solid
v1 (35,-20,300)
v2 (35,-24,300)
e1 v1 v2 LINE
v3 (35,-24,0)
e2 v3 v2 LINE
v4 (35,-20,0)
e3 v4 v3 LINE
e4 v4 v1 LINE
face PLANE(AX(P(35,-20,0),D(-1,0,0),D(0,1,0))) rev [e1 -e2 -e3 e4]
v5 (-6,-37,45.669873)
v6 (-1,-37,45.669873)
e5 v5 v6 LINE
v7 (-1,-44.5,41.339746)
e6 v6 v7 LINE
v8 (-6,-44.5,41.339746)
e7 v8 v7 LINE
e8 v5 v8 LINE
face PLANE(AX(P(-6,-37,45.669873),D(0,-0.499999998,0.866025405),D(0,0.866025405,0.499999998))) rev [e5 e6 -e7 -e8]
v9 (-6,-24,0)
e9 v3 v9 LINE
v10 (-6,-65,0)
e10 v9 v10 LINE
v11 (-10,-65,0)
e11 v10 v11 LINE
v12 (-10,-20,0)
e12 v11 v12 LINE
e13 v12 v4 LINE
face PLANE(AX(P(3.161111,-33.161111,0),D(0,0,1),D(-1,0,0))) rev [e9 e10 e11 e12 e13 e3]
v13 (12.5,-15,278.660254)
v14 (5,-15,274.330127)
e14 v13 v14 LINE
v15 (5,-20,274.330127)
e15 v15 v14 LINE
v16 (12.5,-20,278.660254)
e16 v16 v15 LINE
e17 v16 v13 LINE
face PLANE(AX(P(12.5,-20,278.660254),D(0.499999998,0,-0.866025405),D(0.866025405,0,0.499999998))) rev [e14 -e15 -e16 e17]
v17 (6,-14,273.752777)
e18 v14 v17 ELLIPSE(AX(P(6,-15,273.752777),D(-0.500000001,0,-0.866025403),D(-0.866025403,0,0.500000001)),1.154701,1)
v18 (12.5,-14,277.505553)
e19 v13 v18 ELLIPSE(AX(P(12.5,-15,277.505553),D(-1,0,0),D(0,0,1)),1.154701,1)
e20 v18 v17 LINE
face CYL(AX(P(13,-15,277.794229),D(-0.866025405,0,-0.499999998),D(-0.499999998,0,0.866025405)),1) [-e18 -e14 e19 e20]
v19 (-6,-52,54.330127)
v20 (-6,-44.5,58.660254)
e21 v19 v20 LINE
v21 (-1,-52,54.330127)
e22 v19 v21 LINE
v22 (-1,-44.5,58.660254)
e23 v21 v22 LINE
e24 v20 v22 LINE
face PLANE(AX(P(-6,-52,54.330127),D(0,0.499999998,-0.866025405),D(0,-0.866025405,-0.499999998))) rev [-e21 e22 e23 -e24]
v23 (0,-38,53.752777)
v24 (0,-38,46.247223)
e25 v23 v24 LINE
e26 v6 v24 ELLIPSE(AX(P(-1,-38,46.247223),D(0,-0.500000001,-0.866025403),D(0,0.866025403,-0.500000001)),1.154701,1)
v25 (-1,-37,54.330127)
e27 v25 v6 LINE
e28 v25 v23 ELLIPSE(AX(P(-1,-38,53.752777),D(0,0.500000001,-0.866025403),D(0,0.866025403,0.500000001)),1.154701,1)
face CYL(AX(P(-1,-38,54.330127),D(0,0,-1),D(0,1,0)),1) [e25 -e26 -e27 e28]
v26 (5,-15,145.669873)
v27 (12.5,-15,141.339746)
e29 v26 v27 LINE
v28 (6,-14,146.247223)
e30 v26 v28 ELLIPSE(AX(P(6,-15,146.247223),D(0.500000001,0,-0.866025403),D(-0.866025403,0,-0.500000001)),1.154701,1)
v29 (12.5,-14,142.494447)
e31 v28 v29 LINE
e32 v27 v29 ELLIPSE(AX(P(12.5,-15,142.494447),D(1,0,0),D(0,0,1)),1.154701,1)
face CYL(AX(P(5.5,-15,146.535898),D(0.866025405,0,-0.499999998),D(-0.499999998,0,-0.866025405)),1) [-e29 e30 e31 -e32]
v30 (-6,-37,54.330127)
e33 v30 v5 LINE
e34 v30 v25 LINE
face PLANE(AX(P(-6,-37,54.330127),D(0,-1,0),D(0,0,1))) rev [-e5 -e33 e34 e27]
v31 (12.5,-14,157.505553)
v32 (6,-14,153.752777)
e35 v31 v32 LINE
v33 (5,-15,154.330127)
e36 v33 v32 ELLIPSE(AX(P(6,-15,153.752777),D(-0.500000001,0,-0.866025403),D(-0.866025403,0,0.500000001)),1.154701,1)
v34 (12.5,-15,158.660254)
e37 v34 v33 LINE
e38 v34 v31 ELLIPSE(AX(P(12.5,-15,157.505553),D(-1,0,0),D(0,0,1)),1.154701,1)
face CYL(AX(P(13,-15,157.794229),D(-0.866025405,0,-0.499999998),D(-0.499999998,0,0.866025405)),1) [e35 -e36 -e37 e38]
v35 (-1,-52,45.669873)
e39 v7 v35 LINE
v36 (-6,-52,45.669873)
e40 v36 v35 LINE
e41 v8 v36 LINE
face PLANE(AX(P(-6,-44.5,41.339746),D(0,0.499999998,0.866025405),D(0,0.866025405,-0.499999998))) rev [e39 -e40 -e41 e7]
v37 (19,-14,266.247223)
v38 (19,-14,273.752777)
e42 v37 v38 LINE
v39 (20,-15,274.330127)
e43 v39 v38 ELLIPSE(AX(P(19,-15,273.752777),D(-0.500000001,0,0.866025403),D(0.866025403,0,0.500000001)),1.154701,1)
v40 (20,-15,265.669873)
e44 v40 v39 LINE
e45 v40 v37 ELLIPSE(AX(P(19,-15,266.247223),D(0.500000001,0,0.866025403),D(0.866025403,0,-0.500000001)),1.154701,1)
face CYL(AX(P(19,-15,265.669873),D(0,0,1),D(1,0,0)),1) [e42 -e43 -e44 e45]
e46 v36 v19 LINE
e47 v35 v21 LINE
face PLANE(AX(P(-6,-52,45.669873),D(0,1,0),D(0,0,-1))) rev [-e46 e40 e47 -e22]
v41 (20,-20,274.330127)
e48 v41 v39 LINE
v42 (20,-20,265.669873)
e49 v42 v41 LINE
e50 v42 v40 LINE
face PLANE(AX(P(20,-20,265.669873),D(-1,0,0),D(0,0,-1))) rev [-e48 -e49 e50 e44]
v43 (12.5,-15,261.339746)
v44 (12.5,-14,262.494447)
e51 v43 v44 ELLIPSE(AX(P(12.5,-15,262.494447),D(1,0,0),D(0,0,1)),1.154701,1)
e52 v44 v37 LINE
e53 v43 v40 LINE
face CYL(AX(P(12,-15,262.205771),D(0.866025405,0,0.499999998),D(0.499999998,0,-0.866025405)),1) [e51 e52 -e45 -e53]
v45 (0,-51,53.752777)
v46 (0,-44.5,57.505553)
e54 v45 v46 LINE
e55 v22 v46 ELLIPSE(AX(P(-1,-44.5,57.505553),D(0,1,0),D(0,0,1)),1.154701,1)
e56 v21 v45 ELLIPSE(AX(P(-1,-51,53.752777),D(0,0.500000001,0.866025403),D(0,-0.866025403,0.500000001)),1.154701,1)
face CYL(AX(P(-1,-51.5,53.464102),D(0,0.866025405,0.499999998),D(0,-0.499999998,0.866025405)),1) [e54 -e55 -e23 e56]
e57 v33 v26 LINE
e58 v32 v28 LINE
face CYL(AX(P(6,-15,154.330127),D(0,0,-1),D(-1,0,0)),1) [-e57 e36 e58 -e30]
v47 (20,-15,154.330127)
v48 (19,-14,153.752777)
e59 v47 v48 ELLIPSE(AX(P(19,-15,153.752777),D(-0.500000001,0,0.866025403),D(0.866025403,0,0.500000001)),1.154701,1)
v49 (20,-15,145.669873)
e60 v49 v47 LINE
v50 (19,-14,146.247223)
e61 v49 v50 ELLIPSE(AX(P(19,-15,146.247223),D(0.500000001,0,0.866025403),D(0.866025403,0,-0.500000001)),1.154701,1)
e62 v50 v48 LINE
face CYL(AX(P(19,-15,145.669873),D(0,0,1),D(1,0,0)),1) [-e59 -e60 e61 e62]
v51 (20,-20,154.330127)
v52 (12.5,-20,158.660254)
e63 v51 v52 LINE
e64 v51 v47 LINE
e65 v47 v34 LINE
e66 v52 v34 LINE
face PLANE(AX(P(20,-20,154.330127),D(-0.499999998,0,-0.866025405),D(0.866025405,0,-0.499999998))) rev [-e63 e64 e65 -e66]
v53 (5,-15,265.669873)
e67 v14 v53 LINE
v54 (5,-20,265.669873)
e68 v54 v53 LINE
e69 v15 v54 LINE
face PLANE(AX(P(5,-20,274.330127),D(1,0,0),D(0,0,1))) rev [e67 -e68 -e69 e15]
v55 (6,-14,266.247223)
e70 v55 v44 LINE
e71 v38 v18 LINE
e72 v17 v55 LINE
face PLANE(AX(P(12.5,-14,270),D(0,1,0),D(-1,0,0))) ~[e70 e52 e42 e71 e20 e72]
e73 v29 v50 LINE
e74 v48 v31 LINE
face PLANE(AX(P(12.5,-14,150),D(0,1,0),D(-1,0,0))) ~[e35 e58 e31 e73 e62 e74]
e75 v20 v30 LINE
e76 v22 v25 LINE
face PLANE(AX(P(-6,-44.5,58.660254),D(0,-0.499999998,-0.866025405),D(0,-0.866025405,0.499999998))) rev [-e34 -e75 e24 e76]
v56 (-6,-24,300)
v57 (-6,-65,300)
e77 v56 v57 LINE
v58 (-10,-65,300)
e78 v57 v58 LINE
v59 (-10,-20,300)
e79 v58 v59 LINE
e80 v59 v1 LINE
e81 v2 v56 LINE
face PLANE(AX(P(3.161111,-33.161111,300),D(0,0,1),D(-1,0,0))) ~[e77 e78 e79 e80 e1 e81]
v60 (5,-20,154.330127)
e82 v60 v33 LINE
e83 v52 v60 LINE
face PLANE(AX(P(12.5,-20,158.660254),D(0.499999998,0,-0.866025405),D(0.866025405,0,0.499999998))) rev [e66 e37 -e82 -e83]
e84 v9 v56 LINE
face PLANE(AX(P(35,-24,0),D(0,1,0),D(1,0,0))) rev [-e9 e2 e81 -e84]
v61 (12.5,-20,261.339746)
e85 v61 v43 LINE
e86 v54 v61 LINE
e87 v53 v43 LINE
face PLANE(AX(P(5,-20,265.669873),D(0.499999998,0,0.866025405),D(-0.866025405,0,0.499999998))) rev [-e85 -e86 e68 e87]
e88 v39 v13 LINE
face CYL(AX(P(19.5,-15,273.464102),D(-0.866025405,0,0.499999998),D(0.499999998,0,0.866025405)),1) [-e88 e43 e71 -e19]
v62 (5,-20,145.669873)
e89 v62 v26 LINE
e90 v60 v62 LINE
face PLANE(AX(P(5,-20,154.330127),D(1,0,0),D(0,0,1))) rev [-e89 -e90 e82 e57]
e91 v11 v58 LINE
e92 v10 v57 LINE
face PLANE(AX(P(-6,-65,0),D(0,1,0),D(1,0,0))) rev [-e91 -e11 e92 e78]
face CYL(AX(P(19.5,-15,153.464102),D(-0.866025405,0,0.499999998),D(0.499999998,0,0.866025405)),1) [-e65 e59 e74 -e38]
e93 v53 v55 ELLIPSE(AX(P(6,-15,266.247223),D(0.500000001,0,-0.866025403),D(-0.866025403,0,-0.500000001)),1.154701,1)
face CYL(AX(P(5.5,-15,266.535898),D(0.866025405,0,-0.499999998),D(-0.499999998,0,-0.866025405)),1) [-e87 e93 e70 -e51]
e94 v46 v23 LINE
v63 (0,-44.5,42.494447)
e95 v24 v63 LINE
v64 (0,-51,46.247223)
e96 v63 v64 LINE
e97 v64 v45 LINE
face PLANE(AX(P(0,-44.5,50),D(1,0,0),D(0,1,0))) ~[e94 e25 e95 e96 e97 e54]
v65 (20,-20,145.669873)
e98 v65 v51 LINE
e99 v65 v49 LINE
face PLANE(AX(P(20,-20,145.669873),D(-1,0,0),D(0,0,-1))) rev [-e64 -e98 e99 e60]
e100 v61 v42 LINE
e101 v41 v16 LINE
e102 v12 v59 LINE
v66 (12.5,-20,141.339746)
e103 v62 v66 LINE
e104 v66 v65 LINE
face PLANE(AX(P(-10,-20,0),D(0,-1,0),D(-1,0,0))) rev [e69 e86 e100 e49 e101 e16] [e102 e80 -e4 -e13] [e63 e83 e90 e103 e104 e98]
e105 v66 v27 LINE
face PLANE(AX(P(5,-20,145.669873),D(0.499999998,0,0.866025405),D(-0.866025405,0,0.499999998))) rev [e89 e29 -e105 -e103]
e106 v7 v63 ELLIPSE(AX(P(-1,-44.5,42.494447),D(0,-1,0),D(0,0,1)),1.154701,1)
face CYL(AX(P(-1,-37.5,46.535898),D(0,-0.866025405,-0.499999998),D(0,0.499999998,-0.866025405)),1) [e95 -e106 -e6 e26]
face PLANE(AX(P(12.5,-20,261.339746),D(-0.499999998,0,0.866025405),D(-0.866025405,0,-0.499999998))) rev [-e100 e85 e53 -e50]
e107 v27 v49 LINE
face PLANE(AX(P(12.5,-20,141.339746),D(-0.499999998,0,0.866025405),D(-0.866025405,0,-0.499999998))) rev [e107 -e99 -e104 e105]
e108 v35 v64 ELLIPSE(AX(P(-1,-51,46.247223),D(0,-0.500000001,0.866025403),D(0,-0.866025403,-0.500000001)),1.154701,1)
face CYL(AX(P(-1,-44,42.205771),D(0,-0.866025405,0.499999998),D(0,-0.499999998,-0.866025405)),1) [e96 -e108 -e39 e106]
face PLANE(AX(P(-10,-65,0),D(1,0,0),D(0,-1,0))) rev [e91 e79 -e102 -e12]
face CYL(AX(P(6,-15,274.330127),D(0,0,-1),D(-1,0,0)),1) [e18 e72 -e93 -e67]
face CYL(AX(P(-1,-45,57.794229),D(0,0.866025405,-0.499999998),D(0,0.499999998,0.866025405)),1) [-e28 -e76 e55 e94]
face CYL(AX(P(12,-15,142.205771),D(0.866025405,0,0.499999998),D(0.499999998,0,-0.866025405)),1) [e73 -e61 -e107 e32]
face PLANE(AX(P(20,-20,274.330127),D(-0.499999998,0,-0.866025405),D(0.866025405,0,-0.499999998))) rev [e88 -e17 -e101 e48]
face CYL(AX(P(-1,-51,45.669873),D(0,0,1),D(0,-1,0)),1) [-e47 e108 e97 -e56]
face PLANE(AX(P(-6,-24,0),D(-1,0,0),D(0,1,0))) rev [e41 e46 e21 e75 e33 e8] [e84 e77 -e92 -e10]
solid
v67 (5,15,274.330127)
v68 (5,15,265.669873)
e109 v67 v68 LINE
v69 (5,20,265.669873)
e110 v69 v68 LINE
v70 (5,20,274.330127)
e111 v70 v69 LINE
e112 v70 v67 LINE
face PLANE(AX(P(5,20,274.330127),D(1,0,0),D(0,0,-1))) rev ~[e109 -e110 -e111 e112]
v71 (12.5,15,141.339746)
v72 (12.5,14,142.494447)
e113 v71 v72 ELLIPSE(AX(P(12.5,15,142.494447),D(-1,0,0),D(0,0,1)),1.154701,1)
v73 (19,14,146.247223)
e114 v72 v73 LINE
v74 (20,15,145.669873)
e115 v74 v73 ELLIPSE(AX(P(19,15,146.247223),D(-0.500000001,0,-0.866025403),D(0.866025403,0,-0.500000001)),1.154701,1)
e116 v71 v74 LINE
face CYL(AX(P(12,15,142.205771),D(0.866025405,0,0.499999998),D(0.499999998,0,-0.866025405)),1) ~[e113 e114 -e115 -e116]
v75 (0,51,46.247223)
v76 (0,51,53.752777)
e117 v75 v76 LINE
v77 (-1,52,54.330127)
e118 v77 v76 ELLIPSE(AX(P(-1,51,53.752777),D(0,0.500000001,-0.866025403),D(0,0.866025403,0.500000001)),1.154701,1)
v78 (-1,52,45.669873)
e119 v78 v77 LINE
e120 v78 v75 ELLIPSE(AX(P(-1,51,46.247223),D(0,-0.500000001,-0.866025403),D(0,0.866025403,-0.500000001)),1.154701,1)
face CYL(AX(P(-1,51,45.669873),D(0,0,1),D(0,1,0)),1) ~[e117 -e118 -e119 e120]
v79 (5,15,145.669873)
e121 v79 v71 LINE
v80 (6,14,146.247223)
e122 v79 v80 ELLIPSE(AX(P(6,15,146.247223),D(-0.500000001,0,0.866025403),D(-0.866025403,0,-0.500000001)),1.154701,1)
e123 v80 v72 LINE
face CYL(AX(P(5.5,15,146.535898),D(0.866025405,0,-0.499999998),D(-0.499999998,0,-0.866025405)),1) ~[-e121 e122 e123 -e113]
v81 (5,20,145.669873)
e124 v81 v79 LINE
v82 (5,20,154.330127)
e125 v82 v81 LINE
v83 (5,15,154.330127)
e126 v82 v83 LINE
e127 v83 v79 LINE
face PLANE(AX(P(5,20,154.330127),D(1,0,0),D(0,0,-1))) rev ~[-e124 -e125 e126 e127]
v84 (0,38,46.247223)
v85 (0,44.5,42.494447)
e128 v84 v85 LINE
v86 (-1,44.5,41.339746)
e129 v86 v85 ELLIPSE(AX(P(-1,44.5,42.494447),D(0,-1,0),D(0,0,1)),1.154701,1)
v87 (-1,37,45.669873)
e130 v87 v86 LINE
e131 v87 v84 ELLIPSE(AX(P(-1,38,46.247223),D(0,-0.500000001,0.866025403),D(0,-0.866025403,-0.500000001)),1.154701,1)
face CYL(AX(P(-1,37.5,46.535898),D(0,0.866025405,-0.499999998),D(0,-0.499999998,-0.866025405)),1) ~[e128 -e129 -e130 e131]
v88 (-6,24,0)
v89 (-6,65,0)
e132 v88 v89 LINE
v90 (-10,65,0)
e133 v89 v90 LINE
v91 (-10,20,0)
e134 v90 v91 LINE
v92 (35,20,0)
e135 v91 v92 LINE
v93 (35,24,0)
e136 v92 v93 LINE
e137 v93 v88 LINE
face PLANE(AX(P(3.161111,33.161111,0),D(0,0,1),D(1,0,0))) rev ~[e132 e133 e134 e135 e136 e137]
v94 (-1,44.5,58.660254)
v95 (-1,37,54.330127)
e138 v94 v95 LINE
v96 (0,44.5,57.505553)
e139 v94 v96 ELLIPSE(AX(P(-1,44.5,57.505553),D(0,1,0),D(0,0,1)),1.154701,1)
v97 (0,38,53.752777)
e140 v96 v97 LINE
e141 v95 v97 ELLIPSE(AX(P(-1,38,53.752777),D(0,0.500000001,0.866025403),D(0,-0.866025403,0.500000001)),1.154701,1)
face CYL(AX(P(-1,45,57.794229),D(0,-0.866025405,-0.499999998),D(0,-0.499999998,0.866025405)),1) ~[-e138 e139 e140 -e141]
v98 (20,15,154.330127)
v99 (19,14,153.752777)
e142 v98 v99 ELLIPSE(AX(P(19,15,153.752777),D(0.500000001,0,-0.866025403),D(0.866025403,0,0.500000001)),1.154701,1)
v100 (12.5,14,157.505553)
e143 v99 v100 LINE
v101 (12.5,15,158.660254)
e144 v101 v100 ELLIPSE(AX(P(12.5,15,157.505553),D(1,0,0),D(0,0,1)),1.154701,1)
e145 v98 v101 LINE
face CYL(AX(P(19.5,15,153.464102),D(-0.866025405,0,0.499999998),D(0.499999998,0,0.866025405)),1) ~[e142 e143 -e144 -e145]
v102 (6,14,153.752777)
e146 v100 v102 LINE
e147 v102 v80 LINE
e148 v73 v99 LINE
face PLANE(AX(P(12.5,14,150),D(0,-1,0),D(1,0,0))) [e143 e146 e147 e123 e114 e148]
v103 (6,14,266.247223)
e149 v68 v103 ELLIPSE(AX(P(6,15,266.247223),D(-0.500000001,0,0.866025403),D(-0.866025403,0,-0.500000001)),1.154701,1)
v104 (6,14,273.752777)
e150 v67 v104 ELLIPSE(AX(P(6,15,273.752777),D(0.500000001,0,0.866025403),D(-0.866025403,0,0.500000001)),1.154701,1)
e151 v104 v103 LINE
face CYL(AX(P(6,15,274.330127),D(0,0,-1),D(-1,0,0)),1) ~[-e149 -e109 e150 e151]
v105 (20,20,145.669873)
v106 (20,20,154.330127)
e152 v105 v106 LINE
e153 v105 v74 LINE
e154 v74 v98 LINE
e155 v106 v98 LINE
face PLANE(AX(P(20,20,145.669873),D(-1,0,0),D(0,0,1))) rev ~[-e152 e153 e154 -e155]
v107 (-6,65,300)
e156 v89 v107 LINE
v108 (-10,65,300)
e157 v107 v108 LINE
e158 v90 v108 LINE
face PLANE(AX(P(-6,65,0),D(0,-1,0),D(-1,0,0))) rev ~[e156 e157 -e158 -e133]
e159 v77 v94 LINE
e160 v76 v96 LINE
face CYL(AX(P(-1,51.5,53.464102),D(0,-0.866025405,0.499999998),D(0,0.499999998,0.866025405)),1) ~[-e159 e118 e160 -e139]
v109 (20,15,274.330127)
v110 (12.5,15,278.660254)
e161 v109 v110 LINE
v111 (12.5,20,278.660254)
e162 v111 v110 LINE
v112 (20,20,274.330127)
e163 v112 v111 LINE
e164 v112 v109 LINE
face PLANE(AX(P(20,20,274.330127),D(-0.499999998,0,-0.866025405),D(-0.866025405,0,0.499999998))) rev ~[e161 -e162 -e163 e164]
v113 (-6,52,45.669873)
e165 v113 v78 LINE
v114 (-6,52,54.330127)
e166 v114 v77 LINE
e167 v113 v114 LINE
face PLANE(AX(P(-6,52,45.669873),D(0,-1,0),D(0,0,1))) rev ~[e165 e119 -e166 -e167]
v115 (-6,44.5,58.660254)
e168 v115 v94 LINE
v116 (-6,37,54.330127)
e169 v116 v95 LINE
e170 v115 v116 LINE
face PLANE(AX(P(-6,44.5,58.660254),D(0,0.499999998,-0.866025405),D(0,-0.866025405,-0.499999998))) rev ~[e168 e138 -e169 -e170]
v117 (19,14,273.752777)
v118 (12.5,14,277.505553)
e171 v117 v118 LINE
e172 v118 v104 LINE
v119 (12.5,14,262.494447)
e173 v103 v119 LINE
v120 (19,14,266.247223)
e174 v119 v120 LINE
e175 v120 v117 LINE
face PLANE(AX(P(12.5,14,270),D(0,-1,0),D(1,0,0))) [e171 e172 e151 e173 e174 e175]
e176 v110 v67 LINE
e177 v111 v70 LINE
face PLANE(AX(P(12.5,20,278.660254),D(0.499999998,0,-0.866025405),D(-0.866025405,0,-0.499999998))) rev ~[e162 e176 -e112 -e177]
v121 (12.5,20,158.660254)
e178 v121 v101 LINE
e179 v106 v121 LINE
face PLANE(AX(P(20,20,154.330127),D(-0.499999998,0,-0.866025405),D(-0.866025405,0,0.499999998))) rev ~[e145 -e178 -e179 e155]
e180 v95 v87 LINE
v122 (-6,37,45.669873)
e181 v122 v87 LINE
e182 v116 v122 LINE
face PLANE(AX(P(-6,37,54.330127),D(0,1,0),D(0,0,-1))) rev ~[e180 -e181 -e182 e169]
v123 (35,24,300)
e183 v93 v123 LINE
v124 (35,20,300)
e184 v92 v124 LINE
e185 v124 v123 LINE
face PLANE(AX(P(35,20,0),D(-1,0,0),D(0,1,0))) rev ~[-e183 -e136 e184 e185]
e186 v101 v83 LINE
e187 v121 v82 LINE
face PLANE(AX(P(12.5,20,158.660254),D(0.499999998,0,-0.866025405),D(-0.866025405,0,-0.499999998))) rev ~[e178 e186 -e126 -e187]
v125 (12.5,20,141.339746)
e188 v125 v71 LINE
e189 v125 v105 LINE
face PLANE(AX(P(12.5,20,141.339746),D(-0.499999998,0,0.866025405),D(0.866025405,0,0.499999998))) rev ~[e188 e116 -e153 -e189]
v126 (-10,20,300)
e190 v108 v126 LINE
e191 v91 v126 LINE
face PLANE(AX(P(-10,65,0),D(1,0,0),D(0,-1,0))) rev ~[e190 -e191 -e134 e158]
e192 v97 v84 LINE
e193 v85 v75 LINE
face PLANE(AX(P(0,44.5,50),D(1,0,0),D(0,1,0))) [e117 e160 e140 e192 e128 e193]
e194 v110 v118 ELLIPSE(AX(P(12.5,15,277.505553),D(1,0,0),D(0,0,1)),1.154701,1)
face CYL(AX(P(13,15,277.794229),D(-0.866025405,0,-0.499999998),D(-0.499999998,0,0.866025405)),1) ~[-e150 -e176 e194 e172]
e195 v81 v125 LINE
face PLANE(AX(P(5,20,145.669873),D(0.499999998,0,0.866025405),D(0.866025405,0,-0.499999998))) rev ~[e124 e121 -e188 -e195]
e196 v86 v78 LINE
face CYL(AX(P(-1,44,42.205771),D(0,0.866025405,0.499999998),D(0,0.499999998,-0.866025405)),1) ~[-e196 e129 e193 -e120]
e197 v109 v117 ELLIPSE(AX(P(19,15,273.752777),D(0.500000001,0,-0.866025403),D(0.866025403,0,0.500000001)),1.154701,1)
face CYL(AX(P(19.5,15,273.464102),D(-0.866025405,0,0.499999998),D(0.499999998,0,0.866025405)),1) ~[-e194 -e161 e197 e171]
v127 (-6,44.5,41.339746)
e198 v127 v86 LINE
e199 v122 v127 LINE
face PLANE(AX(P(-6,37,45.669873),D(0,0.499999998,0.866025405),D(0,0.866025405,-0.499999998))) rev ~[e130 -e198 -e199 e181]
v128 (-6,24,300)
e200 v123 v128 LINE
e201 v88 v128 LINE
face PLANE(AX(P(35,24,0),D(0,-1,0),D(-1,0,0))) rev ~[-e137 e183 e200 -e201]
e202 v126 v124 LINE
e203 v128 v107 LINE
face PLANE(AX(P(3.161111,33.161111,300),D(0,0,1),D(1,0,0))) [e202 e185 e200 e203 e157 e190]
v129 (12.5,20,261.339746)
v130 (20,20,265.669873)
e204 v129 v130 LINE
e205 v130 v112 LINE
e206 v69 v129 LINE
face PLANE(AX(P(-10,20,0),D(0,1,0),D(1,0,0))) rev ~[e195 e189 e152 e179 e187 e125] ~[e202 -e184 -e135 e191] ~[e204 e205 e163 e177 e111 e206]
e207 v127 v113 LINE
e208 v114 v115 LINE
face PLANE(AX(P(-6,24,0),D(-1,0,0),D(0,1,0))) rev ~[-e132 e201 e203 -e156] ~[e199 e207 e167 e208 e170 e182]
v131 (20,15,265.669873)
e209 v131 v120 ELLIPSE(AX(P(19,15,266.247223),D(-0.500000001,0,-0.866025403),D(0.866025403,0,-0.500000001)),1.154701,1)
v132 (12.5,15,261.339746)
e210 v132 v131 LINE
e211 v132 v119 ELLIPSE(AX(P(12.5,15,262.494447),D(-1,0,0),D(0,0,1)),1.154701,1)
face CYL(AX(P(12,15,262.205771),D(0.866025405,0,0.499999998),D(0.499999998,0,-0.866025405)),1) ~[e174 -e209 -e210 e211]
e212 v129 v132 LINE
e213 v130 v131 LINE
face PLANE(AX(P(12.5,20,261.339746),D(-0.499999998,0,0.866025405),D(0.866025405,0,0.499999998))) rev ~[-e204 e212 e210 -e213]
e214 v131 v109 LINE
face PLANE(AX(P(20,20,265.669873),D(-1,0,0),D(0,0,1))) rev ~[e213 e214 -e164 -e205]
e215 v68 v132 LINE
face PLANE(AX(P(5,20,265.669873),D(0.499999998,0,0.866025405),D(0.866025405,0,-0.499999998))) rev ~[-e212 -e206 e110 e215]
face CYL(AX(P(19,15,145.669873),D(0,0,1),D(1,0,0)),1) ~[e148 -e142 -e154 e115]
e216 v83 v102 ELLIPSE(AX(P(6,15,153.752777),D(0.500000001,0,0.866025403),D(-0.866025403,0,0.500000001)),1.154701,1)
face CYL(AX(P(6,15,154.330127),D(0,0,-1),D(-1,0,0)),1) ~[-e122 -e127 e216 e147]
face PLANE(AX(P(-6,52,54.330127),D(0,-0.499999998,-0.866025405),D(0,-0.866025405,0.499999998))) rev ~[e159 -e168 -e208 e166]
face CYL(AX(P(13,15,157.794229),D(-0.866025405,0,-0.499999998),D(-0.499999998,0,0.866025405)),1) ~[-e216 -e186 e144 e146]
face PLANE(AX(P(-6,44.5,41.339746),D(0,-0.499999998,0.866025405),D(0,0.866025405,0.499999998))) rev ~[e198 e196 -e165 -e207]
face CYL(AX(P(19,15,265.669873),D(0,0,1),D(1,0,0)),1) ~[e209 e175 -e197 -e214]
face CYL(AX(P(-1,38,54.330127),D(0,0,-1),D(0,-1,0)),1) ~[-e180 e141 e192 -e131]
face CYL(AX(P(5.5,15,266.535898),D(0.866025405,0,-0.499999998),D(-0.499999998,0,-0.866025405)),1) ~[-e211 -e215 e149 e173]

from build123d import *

# Parameters (mm, degrees)
F1_DEPTH = 300
F3_DEPTH = 6
F4_R     = 1
F6_DEPTH = 6
F7_R     = 1


with BuildPart() as f1:
    # F0 (on Top) → F1 (new body)
    with BuildSketch(Plane.XY):
        Polygon((-10, 65), (-10, 20), (35, 20), (35, 24), (-6, 24), (-6, 65), align=None)
    extrude(amount=F1_DEPTH)

    # F2 (on face) → F3 (join)
    with BuildSketch(Plane.XZ.offset(-20)):
        Polygon((12.5, 261.339746), (20, 265.669873), (20, 274.330127), (12.5, 278.660254), (5, 274.330127), (5, 265.669873), align=None)
        Polygon((12.5, 141.339746), (20, 145.669873), (20, 154.330127), (12.5, 158.660254), (5, 154.330127), (5, 145.669873), align=None)
    extrude(amount=F3_DEPTH)

    # F4
    f4_edges = [f1.edges().sort_by_distance(p)[0] for p in [
        (16.25, 14, 263.504809),
        (20, 14, 270),
        (16.25, 14, 276.495191),
        (8.75, 14, 276.495191),
        (5, 14, 270),
        (8.75, 14, 263.504809),
        (16.25, 14, 143.504809),
        (20, 14, 150),
        (16.25, 14, 156.495191),
        (8.75, 14, 156.495191),
        (5, 14, 150),
        (8.75, 14, 143.504809),
    ]]
    fillet(f4_edges, radius=F4_R)

    # F5 (on face) → F6 (join)
    with BuildSketch(Plane.YZ.offset(-6)):
        Polygon((44.5, 41.339746), (52, 45.669873), (52, 54.330127), (44.5, 58.660254), (37, 54.330127), (37, 45.669873), align=None)
    extrude(amount=F6_DEPTH)

    # F7
    f7_edges = [f1.edges().sort_by_distance(p)[0] for p in [
        (0, 48.25, 43.504809),
        (0, 52, 50),
        (0, 48.25, 56.495191),
        (0, 40.75, 56.495191),
        (0, 37, 50),
        (0, 40.75, 43.504809),
    ]]
    fillet(f7_edges, radius=F7_R)


with BuildPart() as f8_1:
    # F8: instance of F1
    add(f1.part.mirror(Plane.XZ))


solid = Compound([f1.part, f8_1.part])
